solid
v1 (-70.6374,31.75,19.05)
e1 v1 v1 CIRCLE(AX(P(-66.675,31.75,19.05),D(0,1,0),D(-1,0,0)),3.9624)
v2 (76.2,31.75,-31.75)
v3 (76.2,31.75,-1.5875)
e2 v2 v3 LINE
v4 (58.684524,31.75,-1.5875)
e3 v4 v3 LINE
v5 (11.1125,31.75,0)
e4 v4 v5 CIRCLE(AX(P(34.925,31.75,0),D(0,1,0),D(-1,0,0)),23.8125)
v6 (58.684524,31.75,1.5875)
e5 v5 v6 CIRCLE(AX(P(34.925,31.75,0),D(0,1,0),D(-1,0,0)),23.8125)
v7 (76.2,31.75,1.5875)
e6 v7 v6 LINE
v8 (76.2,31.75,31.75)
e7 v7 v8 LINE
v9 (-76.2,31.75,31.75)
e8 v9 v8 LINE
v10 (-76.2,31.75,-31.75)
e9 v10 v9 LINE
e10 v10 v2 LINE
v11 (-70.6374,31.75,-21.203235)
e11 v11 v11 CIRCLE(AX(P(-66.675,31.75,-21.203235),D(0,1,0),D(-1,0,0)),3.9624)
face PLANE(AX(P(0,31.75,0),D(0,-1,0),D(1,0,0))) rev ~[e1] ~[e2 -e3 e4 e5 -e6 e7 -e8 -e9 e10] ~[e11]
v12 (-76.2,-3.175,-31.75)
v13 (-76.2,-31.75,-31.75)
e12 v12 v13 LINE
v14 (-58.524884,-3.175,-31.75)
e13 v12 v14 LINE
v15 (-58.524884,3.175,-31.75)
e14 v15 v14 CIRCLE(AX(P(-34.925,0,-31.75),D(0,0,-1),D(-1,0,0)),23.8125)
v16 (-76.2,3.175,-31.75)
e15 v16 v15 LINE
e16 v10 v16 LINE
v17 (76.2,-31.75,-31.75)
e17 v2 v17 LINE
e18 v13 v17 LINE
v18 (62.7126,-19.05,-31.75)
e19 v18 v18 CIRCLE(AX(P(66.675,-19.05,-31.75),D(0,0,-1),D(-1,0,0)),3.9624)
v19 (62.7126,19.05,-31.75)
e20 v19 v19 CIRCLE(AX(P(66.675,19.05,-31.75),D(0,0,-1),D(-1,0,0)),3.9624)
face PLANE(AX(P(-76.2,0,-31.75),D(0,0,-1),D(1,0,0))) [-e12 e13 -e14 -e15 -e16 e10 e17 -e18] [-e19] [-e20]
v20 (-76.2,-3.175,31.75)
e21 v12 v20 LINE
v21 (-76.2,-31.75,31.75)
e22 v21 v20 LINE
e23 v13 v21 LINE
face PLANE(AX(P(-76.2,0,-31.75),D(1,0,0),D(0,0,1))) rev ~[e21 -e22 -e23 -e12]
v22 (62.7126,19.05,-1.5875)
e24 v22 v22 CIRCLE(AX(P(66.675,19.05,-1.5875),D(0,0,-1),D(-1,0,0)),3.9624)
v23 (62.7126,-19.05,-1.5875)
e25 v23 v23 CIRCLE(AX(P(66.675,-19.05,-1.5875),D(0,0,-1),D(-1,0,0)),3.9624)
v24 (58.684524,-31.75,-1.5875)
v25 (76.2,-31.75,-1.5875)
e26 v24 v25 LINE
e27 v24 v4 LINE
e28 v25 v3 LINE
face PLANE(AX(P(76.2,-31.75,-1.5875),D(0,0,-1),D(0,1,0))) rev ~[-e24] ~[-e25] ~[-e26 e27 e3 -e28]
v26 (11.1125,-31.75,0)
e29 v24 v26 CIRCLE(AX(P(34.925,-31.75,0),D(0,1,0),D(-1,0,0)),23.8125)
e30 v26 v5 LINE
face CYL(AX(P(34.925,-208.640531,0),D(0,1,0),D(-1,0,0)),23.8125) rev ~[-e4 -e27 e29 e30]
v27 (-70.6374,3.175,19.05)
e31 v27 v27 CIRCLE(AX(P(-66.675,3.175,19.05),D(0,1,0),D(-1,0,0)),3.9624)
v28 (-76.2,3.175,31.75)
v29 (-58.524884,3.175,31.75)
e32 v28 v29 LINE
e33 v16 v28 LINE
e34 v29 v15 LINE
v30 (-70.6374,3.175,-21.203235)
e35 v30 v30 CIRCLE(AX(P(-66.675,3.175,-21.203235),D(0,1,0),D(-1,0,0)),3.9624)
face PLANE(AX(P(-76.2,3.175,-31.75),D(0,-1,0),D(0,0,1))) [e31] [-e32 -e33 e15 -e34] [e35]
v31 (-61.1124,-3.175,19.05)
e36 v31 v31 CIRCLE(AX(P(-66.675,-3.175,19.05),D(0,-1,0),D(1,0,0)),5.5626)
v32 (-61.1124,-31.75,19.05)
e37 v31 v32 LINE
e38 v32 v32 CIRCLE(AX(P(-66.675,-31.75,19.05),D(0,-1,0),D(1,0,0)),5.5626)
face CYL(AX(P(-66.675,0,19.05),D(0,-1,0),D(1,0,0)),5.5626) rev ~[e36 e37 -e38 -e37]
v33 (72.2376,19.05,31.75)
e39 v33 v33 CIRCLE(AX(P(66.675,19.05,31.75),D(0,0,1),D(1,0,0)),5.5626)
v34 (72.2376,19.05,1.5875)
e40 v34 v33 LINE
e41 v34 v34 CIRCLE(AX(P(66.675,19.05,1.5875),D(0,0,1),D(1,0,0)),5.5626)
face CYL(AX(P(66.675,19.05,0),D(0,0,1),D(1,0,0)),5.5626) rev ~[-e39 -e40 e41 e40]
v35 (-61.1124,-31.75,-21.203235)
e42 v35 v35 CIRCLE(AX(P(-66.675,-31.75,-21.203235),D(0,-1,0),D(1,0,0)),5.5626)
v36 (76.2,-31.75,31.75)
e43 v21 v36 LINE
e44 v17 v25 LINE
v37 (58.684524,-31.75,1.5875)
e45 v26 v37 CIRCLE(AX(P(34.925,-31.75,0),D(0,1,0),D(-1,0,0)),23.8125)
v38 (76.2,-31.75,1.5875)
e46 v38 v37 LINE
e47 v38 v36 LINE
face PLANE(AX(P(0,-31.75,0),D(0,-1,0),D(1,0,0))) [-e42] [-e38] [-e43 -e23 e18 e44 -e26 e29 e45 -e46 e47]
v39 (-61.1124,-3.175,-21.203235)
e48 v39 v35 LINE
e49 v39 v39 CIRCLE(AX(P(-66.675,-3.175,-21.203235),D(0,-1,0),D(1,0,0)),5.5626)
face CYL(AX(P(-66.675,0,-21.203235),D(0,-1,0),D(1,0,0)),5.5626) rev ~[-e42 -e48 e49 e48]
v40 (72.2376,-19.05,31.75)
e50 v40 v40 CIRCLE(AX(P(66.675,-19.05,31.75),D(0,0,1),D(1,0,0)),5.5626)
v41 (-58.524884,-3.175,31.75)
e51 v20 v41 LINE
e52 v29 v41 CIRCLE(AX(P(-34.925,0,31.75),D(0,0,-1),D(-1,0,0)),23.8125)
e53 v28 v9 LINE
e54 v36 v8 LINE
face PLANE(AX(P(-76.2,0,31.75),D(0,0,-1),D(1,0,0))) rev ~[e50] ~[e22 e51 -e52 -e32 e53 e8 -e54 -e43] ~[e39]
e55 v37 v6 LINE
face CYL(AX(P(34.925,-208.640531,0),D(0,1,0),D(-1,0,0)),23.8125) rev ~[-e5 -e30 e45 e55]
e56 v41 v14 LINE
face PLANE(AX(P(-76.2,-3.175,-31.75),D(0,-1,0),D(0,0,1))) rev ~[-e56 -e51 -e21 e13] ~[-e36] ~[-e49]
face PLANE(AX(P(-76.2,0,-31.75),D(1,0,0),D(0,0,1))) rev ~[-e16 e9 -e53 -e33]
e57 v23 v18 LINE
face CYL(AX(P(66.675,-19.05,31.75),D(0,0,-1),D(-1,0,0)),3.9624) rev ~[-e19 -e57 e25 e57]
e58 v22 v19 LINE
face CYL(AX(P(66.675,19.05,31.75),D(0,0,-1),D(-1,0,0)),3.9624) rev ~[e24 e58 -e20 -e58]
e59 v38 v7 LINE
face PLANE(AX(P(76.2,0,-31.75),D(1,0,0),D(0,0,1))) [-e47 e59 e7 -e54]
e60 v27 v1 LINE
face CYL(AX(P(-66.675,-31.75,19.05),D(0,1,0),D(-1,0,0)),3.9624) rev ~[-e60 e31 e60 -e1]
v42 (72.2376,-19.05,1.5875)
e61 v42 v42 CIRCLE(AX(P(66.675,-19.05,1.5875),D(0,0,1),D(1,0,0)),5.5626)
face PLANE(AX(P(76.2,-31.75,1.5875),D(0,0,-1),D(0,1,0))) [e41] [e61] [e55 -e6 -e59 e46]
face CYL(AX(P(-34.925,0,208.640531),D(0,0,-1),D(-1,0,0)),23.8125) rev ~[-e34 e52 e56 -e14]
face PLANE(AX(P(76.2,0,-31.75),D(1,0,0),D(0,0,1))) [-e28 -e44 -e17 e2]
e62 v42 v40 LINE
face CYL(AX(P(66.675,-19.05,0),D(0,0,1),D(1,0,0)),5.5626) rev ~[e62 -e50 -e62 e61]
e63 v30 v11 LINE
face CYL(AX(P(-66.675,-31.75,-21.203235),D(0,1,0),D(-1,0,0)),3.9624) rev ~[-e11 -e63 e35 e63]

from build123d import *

# Parameters (mm, degrees)
F0_W                  = 152.4
F0_H                  = 63.5
F1_DEPTH              = 31.75
F3_D                  = 47.625
F5_D                  = 47.625
F10_W                 = 63.5
F10_H                 = 3.175
F11_DEPTH             = 19.05
F12_D                 = 7.9248
F12_CBORE_D           = 11.1252
F12_CBORE_DEPTH       = 31.75
F12_ON_F7_D           = 7.9248
F12_ON_F7_CBORE_D     = 11.1252
F12_ON_F7_CBORE_DEPTH = 31.75
F12_ON_F8_D           = 7.9248
F12_ON_F8_CBORE_D     = 11.1252
F12_ON_F8_CBORE_DEPTH = 31.75
F12_ON_F9_D           = 7.9248
F12_ON_F9_CBORE_D     = 11.1252
F12_ON_F9_CBORE_DEPTH = 31.75
F13_W                 = 6.35
F13_H                 = 63.5
F14_DEPTH             = 50.8


with BuildPart() as f1:
    # F0 (on Front) → F1 (new body, symmetric)
    with BuildSketch(Plane.XZ):
        Rectangle(F0_W, F0_H)
    extrude(amount=F1_DEPTH, both=True)

    # F3 (through all)
    with Locations(Plane.XY.offset(31.75)):
        with Locations((-34.925, 0)):
            Hole(F3_D / 2)

    # F5 (through all)
    with Locations(Plane.XZ.offset(31.75)):
        with Locations((34.925, 0)):
            Hole(F5_D / 2)

    # F10 (on face) → F11 (cut, symmetric)
    with BuildSketch(Plane.YZ.offset(76.2)):
        Rectangle(F10_W, F10_H)
    extrude(amount=F11_DEPTH, both=True, mode=Mode.SUBTRACT)

    # F12 (through all)
    with Locations(Plane.XY.offset(31.75)):
        with Locations((66.675, 19.05)):
            CounterBoreHole(F12_D / 2, F12_CBORE_D / 2, F12_CBORE_DEPTH)

    # F12 on F7 (through all)
    with Locations(Plane.XY.offset(31.75)):
        with Locations((66.675, -19.05)):
            CounterBoreHole(F12_ON_F7_D / 2, F12_ON_F7_CBORE_D / 2, F12_ON_F7_CBORE_DEPTH)

    # F12 on F8 (through all)
    with Locations(Plane.XZ.offset(31.75)):
        with Locations((-66.675, 19.05)):
            CounterBoreHole(F12_ON_F8_D / 2, F12_ON_F8_CBORE_D / 2, F12_ON_F8_CBORE_DEPTH)

    # F12 on F9 (through all)
    with Locations(Plane.XZ.offset(31.75)):
        with Locations((-66.675, -21.2032347918)):
            CounterBoreHole(F12_ON_F9_D / 2, F12_ON_F9_CBORE_D / 2, F12_ON_F9_CBORE_DEPTH)

    # F13 (on face) → F14 (cut)
    with BuildSketch(Plane(origin=(-76.2, 0, 0), x_dir=(0, -1, 0), z_dir=(-1, 0, 0))):
        Rectangle(F13_W, F13_H)
    extrude(amount=-F14_DEPTH, mode=Mode.SUBTRACT)


solid = f1.part
